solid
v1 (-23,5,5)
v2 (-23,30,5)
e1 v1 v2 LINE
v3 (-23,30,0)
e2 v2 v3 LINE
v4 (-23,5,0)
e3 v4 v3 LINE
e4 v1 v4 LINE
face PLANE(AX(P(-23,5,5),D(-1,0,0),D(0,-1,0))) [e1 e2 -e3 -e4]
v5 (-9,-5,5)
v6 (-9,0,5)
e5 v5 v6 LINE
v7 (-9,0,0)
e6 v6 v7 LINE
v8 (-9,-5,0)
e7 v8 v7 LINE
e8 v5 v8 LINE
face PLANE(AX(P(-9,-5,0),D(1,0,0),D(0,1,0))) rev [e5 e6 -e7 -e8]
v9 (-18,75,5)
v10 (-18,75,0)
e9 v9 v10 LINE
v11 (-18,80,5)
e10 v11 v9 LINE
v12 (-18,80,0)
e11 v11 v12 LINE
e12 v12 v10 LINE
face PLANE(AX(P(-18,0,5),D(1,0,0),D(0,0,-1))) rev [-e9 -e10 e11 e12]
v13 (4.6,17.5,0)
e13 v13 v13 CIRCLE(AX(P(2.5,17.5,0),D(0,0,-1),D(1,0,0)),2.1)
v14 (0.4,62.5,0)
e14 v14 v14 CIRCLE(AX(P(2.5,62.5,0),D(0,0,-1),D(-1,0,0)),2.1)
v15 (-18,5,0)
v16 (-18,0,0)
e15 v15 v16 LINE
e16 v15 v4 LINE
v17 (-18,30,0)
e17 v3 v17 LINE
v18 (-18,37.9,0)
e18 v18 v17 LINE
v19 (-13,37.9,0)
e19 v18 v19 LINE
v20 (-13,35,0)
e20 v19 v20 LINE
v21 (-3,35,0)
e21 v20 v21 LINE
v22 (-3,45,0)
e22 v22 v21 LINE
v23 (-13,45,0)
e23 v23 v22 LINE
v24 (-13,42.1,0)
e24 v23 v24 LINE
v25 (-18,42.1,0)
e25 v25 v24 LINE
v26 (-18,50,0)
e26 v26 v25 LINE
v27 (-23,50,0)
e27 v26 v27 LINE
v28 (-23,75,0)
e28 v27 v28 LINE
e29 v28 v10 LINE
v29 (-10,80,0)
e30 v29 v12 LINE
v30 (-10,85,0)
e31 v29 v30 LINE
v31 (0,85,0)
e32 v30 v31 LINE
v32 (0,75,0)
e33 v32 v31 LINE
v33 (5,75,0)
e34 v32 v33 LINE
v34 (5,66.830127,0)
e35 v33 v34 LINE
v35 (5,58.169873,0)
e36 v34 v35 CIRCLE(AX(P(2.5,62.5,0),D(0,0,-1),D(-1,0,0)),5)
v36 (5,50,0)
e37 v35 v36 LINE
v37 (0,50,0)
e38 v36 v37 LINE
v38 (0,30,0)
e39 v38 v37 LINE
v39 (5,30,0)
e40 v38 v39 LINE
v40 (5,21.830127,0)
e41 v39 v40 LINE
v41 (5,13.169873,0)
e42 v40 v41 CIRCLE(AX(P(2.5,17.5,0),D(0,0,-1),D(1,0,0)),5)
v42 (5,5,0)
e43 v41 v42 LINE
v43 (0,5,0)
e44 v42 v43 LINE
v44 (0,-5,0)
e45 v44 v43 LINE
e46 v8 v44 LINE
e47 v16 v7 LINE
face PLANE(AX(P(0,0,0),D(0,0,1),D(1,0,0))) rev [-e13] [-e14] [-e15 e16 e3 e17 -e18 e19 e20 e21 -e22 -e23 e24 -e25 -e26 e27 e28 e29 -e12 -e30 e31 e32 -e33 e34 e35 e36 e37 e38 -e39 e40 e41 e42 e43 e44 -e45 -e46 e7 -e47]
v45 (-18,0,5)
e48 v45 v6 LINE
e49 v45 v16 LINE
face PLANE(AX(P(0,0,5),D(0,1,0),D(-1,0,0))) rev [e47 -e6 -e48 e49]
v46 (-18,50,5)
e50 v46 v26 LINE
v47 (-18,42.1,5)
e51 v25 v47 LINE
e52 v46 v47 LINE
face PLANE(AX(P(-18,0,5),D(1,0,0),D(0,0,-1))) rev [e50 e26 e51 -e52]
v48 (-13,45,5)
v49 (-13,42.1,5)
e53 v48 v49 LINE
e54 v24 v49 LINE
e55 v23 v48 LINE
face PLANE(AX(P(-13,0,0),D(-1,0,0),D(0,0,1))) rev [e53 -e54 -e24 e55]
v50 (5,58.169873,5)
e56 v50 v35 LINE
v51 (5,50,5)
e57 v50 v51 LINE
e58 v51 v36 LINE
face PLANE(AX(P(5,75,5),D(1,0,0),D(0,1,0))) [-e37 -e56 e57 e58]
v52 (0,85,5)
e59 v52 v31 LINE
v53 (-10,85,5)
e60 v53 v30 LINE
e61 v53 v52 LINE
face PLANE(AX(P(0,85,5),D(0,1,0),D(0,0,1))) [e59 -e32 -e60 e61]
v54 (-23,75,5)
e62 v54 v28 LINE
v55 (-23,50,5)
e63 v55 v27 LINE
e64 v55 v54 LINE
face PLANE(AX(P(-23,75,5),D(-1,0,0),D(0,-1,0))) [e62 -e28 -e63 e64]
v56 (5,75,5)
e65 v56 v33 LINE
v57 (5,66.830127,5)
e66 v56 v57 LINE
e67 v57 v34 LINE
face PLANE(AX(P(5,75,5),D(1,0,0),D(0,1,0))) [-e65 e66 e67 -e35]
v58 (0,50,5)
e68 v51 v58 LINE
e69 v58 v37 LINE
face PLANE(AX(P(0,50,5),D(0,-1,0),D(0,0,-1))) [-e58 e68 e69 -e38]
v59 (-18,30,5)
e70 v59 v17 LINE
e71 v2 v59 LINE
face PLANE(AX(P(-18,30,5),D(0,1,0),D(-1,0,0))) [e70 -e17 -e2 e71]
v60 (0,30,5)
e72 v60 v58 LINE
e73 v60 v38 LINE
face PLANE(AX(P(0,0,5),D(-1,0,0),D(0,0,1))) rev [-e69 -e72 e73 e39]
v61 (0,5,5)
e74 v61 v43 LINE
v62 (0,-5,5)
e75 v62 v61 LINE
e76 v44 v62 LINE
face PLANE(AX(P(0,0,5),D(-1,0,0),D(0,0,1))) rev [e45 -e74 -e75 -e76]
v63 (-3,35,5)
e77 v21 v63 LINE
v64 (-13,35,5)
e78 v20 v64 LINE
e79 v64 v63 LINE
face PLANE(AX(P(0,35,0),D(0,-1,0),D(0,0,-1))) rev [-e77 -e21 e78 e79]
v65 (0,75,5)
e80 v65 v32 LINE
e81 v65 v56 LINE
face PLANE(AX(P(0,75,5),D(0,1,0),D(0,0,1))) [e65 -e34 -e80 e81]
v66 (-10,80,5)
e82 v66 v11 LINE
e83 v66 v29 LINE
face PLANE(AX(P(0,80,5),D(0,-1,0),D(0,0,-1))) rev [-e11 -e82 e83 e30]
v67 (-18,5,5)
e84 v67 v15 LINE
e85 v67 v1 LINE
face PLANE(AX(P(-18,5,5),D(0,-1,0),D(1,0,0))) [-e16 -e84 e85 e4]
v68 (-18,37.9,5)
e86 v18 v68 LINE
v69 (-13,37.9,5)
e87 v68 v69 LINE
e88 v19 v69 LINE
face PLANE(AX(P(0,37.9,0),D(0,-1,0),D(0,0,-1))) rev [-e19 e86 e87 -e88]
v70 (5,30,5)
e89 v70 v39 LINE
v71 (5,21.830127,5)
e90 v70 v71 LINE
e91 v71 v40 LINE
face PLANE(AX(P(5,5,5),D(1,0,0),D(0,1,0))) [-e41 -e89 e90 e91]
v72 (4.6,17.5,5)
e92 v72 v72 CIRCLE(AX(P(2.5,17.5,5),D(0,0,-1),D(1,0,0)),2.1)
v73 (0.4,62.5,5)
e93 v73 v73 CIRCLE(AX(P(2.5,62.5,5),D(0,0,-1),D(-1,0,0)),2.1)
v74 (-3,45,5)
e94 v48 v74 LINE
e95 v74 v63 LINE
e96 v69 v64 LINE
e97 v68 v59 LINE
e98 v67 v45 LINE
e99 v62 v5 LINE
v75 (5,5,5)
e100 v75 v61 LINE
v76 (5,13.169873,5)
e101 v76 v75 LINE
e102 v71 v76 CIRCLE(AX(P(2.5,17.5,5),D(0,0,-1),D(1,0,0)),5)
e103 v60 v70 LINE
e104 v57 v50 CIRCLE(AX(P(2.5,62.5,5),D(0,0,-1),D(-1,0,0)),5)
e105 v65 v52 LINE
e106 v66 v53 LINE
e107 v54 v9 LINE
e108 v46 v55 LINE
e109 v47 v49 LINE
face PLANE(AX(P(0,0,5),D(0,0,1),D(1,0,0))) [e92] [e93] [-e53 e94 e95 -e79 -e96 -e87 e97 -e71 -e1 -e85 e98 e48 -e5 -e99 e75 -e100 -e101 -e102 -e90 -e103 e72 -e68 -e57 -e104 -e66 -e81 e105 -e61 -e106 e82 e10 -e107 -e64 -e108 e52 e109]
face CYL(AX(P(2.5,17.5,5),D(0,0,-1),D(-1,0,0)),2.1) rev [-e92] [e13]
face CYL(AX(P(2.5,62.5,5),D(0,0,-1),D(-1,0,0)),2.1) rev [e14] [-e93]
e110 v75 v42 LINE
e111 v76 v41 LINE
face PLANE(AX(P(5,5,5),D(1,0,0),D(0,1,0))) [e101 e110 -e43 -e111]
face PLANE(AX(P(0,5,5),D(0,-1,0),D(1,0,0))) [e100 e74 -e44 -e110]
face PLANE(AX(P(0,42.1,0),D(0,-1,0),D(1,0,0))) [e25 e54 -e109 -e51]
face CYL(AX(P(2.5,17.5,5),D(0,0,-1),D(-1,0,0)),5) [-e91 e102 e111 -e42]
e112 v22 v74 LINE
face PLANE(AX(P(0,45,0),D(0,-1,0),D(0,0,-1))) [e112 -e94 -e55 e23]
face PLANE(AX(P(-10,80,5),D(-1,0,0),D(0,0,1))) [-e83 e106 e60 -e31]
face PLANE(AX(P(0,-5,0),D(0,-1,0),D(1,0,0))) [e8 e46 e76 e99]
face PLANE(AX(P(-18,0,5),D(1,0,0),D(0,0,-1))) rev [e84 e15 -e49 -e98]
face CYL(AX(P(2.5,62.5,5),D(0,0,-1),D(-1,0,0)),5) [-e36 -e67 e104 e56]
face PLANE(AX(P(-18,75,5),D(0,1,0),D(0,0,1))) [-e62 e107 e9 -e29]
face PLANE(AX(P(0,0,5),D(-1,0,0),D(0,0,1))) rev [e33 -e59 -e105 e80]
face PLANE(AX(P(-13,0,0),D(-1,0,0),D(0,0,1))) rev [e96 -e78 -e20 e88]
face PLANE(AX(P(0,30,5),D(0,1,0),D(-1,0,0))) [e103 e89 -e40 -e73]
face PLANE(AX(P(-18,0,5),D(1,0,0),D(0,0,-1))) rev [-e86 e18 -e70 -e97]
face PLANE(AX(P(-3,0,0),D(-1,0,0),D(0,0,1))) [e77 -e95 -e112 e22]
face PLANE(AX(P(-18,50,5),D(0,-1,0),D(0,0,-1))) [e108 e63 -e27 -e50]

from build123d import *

# Parameters (mm, degrees)
SKETCH1_W           = 18
SKETCH1_H           = 80
BOSS_EXTRUDE1_DEPTH = 5
SKETCH2_W           = 5
SKETCH2_H           = 25
BOSS_EXTRUDE2_DEPTH = 5
SKETCH3_W           = 9
SKETCH3_H           = 5
BOSS_EXTRUDE3_DEPTH = 5
SKETCH4_W           = 10
SKETCH4_H           = 5
BOSS_EXTRUDE4_DEPTH = 5
SKETCH5_R           = 2.1
CUT_EXTRUDE1_DEPTH  = 5
BOSS_EXTRUDE5_DEPTH = 5
SKETCH7_W           = 5
SKETCH7_H           = 4.2
CUT_EXTRUDE2_DEPTH  = 5


with BuildPart() as part:
    # Sketch1 → Boss-Extrude1 (new body)
    with BuildSketch(Plane.XY):
        with Locations((-9, 40)):
            Rectangle(SKETCH1_W, SKETCH1_H)
    extrude(amount=BOSS_EXTRUDE1_DEPTH)

    # Sketch2 → Boss-Extrude2 (add)
    with BuildSketch(Plane(origin=(0, 0, 0), x_dir=(-1, 0, 0), z_dir=(0, 0, -1))):
        with Locations((-2.5, 62.5)):
            Rectangle(SKETCH2_W, SKETCH2_H)
        with Locations((-2.5, 17.5)):
            Rectangle(SKETCH2_W, SKETCH2_H)
        with Locations((20.5, 17.5)):
            Rectangle(SKETCH2_W, SKETCH2_H)
        with Locations((20.5, 62.5)):
            Rectangle(SKETCH2_W, SKETCH2_H)
    extrude(amount=-BOSS_EXTRUDE2_DEPTH)

    # Sketch3 → Boss-Extrude3 (add)
    with BuildSketch(Plane.XZ):
        with Locations((-4.5, 2.5)):
            Rectangle(SKETCH3_W, SKETCH3_H)
    extrude(amount=BOSS_EXTRUDE3_DEPTH)

    # Sketch4 → Boss-Extrude4 (add)
    with BuildSketch(Plane(origin=(0, 0, 0), x_dir=(-1, 0, 0), z_dir=(0, 0, -1))):
        with Locations((5, 82.5)):
            Rectangle(SKETCH4_W, SKETCH4_H)
    extrude(amount=-BOSS_EXTRUDE4_DEPTH)

    # Sketch5 → Cut-Extrude1 (cut)
    with BuildSketch(Plane(origin=(0, 0, 0), x_dir=(-1, 0, 0), z_dir=(0, 0, -1))):
        with Locations((-2.5, 62.5)):
            Circle(SKETCH5_R)
        with Locations((-2.5, 17.5)):
            Circle(SKETCH5_R)
    extrude(amount=-CUT_EXTRUDE1_DEPTH, mode=Mode.SUBTRACT)

    # Sketch6 → Boss-Extrude5 (add)
    with BuildSketch(Plane(origin=(0, 0, 0), x_dir=(-1, 0, 0), z_dir=(0, 0, -1))):
        with BuildLine():
            Line((-5, 66.830127019), (-5, 58.169872981))
            ThreePointArc((-5, 58.169872981), (-7.5, 62.5), (-5, 66.830127019))
        make_face()
        with BuildLine():
            Line((-5, 13.169872981), (-5, 21.830127019))
            ThreePointArc((-5, 21.830127019), (-7.5, 17.5), (-5, 13.169872981))
        make_face()
    extrude(amount=-BOSS_EXTRUDE5_DEPTH)

    # Sketch7 → Cut-Extrude2 (cut)
    with BuildSketch(Plane.XY.offset(5)):
        Polygon((-13, 45), (-13, 42.1), (-13, 37.9), (-13, 35), (-3, 35), (-3, 45), align=None)
        with Locations((-15.5, 40)):
            Rectangle(SKETCH7_W, SKETCH7_H)
    extrude(amount=-CUT_EXTRUDE2_DEPTH, mode=Mode.SUBTRACT)


solid = part.part
